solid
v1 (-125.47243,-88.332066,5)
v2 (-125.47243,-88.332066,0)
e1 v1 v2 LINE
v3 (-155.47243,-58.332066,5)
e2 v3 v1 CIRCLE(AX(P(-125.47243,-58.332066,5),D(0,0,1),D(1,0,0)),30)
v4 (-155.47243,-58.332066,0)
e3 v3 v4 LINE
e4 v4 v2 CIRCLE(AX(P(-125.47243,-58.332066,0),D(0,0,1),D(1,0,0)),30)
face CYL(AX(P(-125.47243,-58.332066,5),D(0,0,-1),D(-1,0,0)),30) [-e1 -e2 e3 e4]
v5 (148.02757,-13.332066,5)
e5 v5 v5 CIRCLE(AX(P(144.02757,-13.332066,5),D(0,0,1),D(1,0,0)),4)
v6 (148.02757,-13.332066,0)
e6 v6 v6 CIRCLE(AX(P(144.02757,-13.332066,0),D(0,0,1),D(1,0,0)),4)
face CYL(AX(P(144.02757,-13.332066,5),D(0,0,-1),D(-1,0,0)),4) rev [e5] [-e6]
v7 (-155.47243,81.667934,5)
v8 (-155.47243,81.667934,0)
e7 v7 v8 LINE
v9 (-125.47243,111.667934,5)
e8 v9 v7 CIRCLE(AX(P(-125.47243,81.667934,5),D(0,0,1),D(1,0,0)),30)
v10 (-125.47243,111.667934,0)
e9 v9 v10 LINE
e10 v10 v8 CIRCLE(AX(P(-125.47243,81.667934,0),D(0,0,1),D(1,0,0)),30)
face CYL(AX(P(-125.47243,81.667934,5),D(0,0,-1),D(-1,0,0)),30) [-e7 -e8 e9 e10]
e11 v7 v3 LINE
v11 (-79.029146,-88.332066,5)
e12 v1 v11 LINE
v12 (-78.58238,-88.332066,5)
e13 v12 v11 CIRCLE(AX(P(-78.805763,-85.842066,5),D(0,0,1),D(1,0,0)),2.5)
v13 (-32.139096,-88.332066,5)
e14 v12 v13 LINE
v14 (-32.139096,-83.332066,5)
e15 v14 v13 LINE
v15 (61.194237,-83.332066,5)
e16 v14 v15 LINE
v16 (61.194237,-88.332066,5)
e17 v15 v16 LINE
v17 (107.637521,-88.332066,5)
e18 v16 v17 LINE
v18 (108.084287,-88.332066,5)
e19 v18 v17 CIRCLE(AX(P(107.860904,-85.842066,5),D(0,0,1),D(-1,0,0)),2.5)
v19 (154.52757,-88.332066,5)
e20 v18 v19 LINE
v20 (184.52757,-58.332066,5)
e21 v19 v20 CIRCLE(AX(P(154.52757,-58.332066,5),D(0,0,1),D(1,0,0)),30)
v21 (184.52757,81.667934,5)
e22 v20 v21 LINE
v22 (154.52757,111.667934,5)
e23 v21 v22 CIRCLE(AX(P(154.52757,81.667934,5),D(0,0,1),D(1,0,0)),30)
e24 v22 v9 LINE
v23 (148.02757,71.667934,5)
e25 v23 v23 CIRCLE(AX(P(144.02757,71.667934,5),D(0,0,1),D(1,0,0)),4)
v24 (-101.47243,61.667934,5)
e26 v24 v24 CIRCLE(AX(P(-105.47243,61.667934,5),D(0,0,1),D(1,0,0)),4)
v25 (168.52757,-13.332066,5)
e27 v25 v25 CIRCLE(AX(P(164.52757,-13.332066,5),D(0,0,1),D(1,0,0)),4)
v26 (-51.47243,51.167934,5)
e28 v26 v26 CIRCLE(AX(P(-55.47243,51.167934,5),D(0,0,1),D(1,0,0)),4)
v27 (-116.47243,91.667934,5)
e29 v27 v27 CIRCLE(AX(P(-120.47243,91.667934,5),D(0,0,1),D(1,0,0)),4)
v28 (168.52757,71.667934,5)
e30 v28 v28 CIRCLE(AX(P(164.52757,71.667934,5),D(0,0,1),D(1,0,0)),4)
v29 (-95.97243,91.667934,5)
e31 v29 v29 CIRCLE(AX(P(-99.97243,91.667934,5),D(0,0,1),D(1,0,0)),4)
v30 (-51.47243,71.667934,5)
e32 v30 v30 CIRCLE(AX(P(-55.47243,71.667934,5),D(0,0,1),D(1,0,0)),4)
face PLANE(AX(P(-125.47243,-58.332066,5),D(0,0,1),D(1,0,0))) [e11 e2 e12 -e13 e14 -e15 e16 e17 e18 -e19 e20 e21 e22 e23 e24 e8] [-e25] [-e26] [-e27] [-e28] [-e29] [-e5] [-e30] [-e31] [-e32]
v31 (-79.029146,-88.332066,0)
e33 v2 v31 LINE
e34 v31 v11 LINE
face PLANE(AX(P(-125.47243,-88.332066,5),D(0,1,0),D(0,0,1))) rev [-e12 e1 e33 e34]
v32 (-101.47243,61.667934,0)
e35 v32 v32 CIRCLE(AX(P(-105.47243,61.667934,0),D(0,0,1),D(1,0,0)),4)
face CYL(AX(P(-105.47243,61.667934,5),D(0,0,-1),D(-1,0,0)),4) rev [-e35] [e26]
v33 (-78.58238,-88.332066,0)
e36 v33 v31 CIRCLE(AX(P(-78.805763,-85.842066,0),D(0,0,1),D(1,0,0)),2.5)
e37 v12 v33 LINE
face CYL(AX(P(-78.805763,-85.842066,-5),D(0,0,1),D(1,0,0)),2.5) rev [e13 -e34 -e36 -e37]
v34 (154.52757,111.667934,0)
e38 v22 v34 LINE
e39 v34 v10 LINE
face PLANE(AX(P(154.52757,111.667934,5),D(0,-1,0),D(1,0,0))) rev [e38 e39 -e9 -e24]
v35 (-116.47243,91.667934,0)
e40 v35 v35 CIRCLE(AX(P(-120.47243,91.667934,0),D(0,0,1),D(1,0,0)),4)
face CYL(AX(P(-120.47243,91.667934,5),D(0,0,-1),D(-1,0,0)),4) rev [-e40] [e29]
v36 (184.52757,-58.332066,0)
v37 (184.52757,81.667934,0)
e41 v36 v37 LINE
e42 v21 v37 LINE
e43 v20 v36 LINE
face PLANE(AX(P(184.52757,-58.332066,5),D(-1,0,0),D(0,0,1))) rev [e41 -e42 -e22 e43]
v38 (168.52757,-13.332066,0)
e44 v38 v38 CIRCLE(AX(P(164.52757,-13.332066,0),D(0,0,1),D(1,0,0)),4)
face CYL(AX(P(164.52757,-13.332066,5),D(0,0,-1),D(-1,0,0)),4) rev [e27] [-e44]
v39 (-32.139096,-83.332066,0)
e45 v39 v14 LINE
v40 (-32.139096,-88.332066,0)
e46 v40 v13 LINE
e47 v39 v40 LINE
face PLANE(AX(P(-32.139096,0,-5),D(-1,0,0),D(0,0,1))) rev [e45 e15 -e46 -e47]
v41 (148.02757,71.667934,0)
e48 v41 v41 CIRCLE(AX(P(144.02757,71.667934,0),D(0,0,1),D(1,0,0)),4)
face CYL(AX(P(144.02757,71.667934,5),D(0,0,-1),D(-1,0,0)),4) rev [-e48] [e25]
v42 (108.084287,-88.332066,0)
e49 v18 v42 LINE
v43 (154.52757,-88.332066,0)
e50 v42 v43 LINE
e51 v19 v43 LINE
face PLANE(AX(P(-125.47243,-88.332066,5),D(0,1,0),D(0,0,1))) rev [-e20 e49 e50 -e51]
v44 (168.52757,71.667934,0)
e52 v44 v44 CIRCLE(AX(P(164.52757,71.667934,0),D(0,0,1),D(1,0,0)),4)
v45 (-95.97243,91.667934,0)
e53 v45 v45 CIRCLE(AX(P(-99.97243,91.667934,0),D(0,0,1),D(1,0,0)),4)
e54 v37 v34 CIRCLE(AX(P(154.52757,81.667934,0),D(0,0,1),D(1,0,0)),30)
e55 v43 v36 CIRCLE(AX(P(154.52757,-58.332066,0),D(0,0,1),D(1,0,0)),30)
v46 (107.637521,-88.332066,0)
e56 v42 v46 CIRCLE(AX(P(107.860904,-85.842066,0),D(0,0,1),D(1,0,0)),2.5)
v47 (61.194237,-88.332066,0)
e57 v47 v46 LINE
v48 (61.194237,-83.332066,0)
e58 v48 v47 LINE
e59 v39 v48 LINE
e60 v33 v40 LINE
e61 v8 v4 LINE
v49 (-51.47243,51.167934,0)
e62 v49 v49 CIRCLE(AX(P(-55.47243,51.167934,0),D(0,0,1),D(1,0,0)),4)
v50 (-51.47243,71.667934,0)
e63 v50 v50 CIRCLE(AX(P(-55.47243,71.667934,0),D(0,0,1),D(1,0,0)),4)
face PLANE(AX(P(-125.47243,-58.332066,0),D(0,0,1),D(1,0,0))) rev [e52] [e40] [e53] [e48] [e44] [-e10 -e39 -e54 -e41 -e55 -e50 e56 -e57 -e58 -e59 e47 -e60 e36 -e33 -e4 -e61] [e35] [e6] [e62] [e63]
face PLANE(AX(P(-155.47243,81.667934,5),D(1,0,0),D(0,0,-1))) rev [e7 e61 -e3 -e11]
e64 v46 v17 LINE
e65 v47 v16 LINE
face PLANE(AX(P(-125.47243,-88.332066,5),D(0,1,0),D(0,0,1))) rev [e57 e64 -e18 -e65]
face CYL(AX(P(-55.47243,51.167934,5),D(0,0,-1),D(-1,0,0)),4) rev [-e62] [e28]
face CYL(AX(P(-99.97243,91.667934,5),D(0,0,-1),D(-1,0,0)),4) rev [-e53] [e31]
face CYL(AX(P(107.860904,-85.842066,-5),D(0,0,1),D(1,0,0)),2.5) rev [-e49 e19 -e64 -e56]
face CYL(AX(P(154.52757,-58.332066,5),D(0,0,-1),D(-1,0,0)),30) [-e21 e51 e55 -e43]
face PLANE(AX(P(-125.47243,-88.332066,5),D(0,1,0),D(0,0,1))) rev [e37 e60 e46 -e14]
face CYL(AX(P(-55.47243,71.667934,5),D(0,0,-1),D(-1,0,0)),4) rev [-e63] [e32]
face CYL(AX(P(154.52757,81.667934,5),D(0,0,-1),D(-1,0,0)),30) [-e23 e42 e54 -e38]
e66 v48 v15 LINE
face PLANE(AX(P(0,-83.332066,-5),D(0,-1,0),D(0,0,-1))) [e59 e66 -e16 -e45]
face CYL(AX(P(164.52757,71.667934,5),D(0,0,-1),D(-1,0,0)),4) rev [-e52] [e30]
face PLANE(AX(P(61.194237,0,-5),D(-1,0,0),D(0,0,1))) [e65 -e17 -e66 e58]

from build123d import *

# Parameters (mm, degrees)
CROQUIS1_R              = 4
SALIENTE_EXTRUIR1_DEPTH = 5
CROQUIS3_W              = 93.333333333
CROQUIS3_H              = 5
CORTAR_EXTRUIR1_DEPTH   = 10
CROQUIS6_R              = 2.5
CORTAR_EXTRUIR2_DEPTH   = 10


with BuildPart() as part:
    # Croquis1 → Saliente-Extruir1 (new body)
    with BuildSketch(Plane.XY):
        with BuildLine():
            Line((-125.472429705, -88.332065653), (154.527570295, -88.332065653))
            ThreePointArc((154.527570295, -88.332065653), (175.740773731, -79.545269088), (184.527570295, -58.332065653))
            Line((184.527570295, -58.332065653), (184.527570295, 81.667934347))
            ThreePointArc((184.527570295, 81.667934347), (175.740773731, 102.881137783), (154.527570295, 111.667934347))
            Line((154.527570295, 111.667934347), (-125.472429705, 111.667934347))
            ThreePointArc((-125.472429705, 111.667934347), (-146.68563314, 102.881137783), (-155.472429705, 81.667934347))
            Line((-155.472429705, 81.667934347), (-155.472429705, -58.332065653))
            ThreePointArc((-155.472429705, -58.332065653), (-146.68563314, -79.545269088), (-125.472429705, -88.332065653))
        make_face()
        with Locations((-105.472429705, 61.667934347)):
            Circle(CROQUIS1_R, mode=Mode.SUBTRACT)
        with Locations((-55.472429705, 71.667934347)):
            Circle(CROQUIS1_R, mode=Mode.SUBTRACT)
        with Locations((-55.472429705, 51.167934347)):
            Circle(CROQUIS1_R, mode=Mode.SUBTRACT)
        with Locations((144.027570295, -13.332065653)):
            Circle(CROQUIS1_R, mode=Mode.SUBTRACT)
        with Locations((164.527570295, -13.332065653)):
            Circle(CROQUIS1_R, mode=Mode.SUBTRACT)
        with Locations((144.027570295, 71.667934347)):
            Circle(CROQUIS1_R, mode=Mode.SUBTRACT)
        with Locations((164.527570295, 71.667934347)):
            Circle(CROQUIS1_R, mode=Mode.SUBTRACT)
        with Locations((-99.972429705, 91.667934347)):
            Circle(CROQUIS1_R, mode=Mode.SUBTRACT)
        with Locations((-120.472429705, 91.667934347)):
            Circle(CROQUIS1_R, mode=Mode.SUBTRACT)
    extrude(amount=SALIENTE_EXTRUIR1_DEPTH)

    # Croquis3 → Cortar-Extruir1 (cut)
    with BuildSketch(Plane.XY.offset(5)):
        with Locations((14.527570296, -85.832065653)):
            Rectangle(CROQUIS3_W, CROQUIS3_H)
    extrude(amount=-CORTAR_EXTRUIR1_DEPTH, mode=Mode.SUBTRACT)

    # Croquis6 → Cortar-Extruir2 (cut)
    with BuildSketch(Plane.XY.offset(5)):
        with Locations((-78.805763038, -85.842065653)):
            Circle(CROQUIS6_R)
        with Locations((107.860903629, -85.842065653)):
            Circle(CROQUIS6_R)
    extrude(amount=-CORTAR_EXTRUIR2_DEPTH, mode=Mode.SUBTRACT)


solid = part.part
